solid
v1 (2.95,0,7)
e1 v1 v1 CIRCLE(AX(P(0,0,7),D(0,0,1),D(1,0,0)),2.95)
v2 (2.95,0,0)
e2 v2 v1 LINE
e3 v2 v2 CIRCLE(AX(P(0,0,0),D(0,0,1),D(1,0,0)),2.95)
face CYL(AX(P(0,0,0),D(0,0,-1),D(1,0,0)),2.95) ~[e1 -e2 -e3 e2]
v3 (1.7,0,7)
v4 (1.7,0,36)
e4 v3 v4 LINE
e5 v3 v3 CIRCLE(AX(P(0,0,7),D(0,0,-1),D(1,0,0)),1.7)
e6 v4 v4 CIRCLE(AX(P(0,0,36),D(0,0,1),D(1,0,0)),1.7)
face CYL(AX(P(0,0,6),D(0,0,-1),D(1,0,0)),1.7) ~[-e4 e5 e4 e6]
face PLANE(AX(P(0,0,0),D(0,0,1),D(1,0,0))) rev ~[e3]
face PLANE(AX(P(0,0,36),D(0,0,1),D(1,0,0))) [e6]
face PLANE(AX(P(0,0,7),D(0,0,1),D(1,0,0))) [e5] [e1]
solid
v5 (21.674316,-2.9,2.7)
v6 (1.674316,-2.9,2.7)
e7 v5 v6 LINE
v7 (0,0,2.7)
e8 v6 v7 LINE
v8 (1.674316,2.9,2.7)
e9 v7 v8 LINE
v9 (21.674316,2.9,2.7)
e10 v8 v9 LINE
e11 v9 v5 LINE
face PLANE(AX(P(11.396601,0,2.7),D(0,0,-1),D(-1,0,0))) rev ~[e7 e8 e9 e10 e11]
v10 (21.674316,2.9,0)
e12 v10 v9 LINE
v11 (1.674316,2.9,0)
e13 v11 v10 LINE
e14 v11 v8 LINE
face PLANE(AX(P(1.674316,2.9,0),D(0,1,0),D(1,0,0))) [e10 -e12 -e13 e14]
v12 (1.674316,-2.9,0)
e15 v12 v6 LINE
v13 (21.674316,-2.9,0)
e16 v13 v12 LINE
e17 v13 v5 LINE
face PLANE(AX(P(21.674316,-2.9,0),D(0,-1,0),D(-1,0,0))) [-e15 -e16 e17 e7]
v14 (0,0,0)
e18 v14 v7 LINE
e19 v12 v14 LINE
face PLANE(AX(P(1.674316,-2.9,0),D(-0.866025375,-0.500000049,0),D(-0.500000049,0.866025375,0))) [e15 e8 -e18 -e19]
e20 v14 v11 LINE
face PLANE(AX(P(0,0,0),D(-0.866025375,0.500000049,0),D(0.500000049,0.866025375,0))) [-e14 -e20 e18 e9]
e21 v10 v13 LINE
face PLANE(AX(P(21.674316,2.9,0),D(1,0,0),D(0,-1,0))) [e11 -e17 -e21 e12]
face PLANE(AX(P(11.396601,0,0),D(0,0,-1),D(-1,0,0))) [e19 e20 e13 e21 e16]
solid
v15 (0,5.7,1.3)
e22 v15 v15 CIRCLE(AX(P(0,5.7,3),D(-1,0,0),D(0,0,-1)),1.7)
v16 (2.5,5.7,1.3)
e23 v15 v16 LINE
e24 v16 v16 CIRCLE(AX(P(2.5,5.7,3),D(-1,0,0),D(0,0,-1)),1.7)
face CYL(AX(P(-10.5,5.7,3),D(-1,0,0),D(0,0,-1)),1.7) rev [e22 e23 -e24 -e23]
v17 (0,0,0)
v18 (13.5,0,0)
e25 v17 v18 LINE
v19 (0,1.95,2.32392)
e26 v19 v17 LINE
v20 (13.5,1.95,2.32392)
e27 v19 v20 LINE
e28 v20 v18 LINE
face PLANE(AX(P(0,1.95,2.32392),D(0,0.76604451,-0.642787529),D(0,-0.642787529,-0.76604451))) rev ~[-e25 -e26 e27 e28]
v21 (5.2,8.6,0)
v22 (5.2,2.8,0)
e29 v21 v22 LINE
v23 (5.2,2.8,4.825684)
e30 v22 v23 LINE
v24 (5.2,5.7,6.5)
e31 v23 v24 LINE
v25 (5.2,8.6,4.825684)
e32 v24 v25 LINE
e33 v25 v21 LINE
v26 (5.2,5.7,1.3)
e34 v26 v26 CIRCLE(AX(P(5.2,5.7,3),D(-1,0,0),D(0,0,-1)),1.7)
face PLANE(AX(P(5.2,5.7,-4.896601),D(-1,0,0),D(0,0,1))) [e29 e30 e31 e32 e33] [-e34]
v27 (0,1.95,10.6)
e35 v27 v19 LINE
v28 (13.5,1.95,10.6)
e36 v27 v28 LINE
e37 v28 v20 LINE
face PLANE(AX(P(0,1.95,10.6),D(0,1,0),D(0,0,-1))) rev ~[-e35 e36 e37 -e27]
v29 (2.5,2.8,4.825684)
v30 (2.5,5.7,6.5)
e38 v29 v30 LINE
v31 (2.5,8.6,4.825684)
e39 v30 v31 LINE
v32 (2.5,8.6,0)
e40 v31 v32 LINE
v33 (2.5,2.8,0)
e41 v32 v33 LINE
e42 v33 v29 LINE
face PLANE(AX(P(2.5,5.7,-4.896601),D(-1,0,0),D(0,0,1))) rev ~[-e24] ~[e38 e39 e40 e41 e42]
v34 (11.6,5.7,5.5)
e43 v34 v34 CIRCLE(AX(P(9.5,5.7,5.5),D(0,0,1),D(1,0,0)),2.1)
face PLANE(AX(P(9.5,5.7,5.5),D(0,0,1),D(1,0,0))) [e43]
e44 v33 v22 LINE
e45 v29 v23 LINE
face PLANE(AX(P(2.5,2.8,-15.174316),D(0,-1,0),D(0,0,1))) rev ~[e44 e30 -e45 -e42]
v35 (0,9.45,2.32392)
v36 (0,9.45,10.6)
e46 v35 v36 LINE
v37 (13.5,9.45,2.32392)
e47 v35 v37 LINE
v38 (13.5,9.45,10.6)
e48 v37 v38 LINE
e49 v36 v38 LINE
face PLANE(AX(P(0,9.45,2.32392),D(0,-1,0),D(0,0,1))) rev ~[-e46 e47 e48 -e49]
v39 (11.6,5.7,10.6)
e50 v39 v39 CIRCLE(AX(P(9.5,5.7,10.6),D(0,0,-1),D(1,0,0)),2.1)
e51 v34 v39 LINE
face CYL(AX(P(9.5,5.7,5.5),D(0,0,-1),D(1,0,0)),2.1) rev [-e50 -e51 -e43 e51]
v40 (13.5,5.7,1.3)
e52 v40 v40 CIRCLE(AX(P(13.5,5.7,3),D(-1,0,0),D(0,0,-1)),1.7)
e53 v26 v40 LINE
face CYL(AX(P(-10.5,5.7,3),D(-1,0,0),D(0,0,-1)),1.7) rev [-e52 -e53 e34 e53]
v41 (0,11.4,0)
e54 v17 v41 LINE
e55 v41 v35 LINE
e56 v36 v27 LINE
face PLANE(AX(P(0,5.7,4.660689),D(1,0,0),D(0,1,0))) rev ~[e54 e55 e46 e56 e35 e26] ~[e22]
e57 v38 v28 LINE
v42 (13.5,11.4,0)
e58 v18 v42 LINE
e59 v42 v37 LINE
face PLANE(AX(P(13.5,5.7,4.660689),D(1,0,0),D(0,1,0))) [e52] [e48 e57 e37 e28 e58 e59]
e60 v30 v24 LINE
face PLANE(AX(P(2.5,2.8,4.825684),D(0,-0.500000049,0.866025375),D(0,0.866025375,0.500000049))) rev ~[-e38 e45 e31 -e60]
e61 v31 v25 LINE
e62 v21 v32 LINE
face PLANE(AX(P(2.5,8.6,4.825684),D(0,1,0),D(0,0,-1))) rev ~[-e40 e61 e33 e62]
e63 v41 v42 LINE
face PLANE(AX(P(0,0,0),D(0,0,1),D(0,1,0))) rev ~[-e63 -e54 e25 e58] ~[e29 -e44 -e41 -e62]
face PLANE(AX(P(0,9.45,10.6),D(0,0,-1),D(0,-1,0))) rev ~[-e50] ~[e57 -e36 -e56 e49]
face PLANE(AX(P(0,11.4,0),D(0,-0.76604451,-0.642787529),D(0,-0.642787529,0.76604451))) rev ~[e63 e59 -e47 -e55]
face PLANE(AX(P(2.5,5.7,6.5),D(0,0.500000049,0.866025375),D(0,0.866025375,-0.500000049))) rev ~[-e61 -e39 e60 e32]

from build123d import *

# Parameters (mm, degrees)
CYLINDER_R           = 2.95
CYLINDER_DEPTH       = 7
CYLINDER001_R        = 1.7
CYLINDER001_DEPTH    = 30
PAD002_DEPTH         = 2.7
CLONE001_PITCH_ANGLE = 90
CLONE_PITCH_ANGLE    = 90
CYLINDER002_R        = 2.1
CYLINDER002_DEPTH    = 10
PAD_DEPTH            = 13.5


with BuildPart() as m3bolthead:
    # Cylinder → Cylinder (new body)
    with BuildSketch(Plane.XY):
        Circle(CYLINDER_R)
    extrude(amount=CYLINDER_DEPTH)


with BuildPart() as m3bolt:
    # Cylinder001 → Cylinder001 (new body)
    with BuildSketch(Plane.XY.offset(6)):
        Circle(CYLINDER001_R)
    extrude(amount=CYLINDER001_DEPTH)

    # Fusion: union M3BoltHead
    add(m3bolthead.part)


with BuildPart() as m3nuthousing:
    # Sketch003 → Pad002 (new body)
    with BuildSketch(Plane.XY):
        Polygon((0, 0), (1.674316, 2.9), (21.674316, 2.9), (21.674316, -2.9), (1.674316, -2.9), align=None)
    extrude(amount=PAD002_DEPTH)


with BuildPart() as clone_of_m3bolt:
    # Clone001 base: copy of M3Bolt
    add(m3bolt.part)


with BuildPart() as clone_of_m3bolt_1:
    # Clone001 pitch: moved
    add(clone_of_m3bolt.part.rotate(Axis((0, 0, 0), (0, 1, 0)), CLONE001_PITCH_ANGLE))


with BuildPart() as clone_of_m3bolt_2:
    # Clone001 placement: moved
    add(clone_of_m3bolt_1.part.moved(Location((-16.5, 5.7, 3))))


with BuildPart() as clone_of_m3nuthousing:
    # Clone base: copy of M3NutHousing
    add(m3nuthousing.part)


with BuildPart() as clone_of_m3nuthousing_1:
    # Clone pitch: moved
    add(clone_of_m3nuthousing.part.rotate(Axis((0, 0, 0), (0, 1, 0)), CLONE_PITCH_ANGLE))


with BuildPart() as clone_of_m3nuthousing_2:
    # Clone placement: moved
    add(clone_of_m3nuthousing_1.part.moved(Location((2.5, 5.7, 6.5))))


with BuildPart() as fusion001:
    # Cylinder002 → Cylinder002 (new body)
    with BuildSketch(Plane(origin=(9.5, 5.7, 5.5), x_dir=(1, 0, 0), z_dir=(0, 0, 1))):
        Circle(CYLINDER002_R)
    extrude(amount=CYLINDER002_DEPTH)

    # Fusion001: union Clone of M3Bolt, Clone of M3NutHousing
    add(clone_of_m3bolt_2.part)
    add(clone_of_m3nuthousing_2.part)


with BuildPart() as art3tensionerbody:
    # Sketch027 → Pad (new body)
    with BuildSketch(Plane.YZ):
        Polygon((1.95, 2.32392), (0, 0), (11.4, 0), (9.45, 2.32392), (9.45, 10.6), (1.95, 10.6), align=None)
    extrude(amount=PAD_DEPTH)

    # Cut: cut Fusion001
    add(fusion001.part, mode=Mode.SUBTRACT)


solid = Compound([m3bolt.part, m3nuthousing.part, art3tensionerbody.part])
